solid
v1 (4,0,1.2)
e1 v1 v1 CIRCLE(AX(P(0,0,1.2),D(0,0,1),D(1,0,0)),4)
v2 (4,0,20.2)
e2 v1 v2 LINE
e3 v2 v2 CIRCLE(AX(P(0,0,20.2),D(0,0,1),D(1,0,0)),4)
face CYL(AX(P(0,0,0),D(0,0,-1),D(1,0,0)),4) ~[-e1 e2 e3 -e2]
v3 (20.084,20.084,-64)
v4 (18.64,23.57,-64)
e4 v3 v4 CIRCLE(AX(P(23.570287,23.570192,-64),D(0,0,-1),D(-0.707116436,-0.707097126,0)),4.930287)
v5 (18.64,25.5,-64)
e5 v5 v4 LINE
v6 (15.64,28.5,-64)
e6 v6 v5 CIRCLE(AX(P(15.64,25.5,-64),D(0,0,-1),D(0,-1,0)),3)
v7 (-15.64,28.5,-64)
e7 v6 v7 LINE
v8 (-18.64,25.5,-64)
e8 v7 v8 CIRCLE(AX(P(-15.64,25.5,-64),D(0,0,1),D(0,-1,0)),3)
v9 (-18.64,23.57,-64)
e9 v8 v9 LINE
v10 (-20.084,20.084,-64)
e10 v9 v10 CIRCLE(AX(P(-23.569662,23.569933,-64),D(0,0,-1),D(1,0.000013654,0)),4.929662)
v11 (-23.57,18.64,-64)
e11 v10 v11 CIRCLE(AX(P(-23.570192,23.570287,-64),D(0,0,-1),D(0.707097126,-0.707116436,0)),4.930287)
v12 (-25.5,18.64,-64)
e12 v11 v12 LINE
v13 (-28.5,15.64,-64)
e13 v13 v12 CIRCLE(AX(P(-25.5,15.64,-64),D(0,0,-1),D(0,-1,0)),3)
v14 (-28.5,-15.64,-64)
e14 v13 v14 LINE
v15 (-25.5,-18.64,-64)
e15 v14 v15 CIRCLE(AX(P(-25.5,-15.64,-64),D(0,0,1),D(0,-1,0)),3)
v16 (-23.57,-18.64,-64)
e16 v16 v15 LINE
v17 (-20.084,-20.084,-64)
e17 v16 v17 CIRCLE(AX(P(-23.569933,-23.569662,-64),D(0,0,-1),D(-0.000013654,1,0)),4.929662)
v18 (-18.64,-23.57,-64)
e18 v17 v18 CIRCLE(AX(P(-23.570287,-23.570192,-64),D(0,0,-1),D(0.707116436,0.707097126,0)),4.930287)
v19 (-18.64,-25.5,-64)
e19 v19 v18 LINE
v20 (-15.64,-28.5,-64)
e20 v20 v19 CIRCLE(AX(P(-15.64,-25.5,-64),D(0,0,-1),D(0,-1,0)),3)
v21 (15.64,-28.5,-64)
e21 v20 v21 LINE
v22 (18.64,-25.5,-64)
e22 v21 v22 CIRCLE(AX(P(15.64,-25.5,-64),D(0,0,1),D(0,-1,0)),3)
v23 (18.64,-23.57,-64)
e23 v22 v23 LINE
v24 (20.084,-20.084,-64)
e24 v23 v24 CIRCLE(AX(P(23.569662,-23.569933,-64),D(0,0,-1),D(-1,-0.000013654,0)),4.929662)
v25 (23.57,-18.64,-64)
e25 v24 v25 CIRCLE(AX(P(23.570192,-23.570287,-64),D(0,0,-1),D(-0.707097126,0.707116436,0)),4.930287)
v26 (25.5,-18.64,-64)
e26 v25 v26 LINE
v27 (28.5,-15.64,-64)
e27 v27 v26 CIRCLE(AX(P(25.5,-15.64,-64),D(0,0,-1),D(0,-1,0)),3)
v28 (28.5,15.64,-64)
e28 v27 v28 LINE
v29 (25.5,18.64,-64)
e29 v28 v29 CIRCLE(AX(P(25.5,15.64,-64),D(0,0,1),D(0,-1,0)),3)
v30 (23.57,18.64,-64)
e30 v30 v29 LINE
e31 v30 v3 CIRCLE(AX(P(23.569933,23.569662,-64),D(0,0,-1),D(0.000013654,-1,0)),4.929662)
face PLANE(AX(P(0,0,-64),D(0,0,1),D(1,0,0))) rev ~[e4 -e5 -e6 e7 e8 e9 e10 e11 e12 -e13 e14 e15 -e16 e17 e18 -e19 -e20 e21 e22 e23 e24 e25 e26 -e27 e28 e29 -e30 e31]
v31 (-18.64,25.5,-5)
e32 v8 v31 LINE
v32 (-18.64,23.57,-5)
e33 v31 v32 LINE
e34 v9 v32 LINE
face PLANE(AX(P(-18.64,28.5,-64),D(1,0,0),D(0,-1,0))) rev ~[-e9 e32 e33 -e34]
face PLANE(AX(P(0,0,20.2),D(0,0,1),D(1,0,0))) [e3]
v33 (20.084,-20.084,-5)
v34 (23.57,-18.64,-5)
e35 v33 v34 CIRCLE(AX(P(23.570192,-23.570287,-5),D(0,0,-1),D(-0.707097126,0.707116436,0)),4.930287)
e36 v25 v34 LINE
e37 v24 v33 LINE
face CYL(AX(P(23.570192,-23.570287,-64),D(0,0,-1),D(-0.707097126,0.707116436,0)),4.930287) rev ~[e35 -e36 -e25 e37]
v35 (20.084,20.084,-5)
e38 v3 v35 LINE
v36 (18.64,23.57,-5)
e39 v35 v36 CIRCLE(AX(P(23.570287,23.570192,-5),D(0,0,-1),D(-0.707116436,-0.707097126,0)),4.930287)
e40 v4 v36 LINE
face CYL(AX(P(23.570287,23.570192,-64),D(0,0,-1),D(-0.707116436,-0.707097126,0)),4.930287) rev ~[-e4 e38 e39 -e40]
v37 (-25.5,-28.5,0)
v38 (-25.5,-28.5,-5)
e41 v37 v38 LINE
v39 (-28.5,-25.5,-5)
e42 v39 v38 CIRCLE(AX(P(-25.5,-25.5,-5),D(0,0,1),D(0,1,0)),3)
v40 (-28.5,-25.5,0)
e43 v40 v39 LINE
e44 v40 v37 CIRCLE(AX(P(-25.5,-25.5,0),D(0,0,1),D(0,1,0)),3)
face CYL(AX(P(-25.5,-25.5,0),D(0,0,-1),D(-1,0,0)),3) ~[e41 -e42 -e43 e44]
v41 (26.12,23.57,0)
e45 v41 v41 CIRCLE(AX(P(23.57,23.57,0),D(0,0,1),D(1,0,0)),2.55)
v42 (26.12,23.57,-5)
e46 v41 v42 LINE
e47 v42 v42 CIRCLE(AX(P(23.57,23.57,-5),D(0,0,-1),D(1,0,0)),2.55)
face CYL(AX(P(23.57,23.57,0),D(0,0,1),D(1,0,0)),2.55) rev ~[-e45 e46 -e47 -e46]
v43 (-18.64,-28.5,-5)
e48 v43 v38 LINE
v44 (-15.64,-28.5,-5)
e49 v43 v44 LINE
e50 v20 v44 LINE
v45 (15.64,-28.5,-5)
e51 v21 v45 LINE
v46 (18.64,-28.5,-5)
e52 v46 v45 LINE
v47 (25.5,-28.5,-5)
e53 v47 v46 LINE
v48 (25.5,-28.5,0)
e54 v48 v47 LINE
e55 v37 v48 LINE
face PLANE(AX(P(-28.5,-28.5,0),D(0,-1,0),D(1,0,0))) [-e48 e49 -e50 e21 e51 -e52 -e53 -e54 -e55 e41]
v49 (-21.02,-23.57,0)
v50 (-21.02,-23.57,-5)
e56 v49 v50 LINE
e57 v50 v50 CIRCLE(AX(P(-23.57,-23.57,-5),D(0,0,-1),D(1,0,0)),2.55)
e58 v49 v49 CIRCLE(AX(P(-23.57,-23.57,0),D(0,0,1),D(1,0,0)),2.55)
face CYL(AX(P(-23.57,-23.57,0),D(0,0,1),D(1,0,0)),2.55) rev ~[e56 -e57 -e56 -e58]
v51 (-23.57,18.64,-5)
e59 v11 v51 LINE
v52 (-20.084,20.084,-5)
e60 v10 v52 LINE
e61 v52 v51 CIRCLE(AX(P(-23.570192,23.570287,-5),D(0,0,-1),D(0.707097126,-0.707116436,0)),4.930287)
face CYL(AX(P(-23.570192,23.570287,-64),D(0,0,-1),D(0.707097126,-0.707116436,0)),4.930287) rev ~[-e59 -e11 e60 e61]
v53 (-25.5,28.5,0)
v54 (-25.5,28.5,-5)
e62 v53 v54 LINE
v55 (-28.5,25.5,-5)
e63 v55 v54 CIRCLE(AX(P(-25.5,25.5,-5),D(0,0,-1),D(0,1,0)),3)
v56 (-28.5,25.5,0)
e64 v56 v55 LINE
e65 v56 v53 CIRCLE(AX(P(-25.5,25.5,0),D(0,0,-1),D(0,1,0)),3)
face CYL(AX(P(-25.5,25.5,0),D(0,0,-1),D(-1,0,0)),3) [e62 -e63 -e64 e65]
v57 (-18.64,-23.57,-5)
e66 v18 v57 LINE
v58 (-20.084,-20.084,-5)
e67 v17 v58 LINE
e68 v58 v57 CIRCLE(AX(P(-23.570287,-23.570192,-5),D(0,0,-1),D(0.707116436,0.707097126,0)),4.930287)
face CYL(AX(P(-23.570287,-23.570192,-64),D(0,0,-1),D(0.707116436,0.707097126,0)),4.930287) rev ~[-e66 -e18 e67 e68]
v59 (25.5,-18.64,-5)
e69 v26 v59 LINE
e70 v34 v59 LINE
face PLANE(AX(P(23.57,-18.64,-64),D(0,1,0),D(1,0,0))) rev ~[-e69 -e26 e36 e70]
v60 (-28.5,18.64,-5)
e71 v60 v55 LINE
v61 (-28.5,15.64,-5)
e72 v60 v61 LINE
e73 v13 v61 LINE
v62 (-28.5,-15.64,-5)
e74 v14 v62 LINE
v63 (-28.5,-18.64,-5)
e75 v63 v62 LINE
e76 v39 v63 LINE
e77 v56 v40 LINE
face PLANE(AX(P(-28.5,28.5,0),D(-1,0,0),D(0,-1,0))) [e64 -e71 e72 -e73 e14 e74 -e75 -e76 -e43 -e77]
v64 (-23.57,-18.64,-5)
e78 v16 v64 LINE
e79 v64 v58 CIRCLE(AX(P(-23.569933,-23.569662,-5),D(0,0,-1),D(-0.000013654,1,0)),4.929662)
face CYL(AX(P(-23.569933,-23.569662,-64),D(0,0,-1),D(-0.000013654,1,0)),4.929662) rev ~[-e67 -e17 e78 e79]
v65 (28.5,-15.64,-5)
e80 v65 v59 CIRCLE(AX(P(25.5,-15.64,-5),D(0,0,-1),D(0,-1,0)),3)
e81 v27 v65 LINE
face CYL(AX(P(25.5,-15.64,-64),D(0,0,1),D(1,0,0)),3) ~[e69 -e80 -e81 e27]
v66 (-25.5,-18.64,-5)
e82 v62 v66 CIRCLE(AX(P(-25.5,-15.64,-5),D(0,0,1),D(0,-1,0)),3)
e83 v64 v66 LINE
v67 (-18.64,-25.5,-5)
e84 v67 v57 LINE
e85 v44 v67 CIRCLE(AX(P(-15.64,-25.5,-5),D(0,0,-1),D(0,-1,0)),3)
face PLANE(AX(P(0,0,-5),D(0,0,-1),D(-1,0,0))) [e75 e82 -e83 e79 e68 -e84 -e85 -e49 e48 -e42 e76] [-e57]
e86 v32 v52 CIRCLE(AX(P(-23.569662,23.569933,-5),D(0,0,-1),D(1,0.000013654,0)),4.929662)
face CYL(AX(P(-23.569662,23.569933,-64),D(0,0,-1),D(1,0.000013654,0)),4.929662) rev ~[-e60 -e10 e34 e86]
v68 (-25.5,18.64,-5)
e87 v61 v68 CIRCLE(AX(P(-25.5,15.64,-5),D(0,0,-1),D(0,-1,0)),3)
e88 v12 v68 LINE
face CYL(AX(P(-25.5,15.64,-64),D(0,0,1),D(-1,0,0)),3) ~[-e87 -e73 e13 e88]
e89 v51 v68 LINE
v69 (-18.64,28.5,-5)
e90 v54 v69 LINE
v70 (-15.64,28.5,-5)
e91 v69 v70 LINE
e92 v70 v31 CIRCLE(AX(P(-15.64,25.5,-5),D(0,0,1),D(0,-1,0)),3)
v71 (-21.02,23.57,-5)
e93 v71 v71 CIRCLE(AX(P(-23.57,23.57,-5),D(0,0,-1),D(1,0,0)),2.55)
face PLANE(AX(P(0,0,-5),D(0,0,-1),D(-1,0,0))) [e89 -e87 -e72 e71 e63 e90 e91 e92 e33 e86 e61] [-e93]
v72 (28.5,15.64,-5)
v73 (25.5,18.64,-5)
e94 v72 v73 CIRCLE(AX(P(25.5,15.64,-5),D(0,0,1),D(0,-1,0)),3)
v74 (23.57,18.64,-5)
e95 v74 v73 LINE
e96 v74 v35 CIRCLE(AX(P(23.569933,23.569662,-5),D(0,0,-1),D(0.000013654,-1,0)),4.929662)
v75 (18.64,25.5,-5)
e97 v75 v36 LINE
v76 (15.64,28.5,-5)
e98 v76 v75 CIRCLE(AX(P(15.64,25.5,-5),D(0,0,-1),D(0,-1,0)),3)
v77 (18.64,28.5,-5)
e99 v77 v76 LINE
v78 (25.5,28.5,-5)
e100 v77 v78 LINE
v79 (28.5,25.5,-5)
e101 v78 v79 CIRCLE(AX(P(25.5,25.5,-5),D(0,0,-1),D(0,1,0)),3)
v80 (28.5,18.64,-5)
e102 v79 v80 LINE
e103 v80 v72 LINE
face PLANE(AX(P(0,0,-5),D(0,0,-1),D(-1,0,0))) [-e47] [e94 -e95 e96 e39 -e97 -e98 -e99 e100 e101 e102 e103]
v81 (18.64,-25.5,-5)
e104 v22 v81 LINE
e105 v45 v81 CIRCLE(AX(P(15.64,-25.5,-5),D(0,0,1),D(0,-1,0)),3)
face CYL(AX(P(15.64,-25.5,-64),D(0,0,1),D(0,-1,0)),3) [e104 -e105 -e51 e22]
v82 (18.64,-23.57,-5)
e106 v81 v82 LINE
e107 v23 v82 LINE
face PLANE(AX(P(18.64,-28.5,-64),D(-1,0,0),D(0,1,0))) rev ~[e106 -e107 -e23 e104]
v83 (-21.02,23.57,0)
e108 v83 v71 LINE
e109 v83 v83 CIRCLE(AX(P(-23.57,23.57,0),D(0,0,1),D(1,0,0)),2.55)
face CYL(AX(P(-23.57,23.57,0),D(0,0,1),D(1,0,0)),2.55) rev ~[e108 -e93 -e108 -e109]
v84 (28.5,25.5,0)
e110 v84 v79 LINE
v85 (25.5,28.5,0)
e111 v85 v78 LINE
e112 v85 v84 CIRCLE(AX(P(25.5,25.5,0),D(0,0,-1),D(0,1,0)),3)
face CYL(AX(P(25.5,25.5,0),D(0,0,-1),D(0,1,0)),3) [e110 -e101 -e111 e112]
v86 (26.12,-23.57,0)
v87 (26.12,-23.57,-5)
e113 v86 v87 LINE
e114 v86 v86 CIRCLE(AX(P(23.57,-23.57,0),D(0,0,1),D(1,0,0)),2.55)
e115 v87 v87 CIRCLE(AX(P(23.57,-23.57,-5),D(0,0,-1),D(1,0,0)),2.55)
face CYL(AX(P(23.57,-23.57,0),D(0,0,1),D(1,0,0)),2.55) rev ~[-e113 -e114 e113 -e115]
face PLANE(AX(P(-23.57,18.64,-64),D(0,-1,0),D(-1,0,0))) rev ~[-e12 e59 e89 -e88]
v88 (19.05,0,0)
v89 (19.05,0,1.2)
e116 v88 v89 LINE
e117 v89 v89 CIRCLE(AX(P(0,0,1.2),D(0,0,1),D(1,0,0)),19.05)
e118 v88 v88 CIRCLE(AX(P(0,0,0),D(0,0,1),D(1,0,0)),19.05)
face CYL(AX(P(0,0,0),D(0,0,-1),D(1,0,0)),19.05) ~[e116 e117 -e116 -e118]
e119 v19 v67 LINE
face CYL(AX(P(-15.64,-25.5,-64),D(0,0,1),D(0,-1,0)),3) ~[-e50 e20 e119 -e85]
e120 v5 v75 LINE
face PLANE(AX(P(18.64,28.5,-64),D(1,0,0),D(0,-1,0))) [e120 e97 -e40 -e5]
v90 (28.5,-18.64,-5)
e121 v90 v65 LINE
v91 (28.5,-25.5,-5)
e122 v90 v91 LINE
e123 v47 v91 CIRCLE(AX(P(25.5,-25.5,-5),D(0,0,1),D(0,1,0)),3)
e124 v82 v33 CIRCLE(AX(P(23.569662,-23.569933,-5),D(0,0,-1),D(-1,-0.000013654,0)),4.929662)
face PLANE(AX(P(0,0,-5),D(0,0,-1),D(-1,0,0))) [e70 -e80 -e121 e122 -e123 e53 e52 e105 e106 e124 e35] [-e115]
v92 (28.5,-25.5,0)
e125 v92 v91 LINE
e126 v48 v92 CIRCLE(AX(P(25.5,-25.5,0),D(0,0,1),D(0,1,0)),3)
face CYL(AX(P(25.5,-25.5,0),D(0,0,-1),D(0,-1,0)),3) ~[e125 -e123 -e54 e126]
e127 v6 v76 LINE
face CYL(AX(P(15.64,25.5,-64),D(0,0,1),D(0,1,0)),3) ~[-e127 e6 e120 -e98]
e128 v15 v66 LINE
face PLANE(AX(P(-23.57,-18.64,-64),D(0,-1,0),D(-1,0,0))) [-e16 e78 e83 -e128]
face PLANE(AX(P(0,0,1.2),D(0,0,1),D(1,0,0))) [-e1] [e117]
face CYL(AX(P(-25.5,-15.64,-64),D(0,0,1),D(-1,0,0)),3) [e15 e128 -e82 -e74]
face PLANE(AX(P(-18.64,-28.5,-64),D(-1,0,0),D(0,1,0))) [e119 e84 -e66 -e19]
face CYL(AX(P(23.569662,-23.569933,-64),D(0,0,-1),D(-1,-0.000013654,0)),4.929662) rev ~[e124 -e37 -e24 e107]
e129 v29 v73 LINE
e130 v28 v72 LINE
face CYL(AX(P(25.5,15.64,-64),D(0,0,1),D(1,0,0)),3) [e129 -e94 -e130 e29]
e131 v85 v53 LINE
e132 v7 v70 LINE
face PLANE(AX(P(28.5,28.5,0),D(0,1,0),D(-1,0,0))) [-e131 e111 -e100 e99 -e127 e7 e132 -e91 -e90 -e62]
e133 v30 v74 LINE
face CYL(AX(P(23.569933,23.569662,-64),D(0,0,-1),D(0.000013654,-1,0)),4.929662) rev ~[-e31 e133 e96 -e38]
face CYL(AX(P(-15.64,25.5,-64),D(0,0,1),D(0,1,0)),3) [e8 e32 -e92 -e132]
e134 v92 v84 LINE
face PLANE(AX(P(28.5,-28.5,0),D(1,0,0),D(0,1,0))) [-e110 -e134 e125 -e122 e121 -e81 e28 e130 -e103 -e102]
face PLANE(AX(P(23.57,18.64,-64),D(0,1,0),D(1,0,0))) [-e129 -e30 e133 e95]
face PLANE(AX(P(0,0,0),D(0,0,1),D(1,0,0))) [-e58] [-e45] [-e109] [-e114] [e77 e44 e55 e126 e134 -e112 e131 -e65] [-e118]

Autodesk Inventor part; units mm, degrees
ref_plane "YZ Plane" through (0, 0, 0) normal (1, 0, 0) x (0, 1, 0)
ref_plane "XZ Plane" through (0, 0, 0) normal (0, 1, 0) x (-1, 0, 0)
ref_plane "XY Plane" through (0, 0, 0) normal (0, 0, 1) x (1, 0, 0)
sketch "Sketch1" plane through (0, 0, 0) normal (0, 0, 1) x (1, 0, 0)
  line L0 (-28.5, -28.5) -> (28.5, -28.5)
  line L1 (28.5, -28.5) -> (28.5, 28.5)
  line L2 (28.5, 28.5) -> (-28.5, 28.5)
  line L3 (-28.5, 28.5) -> (-28.5, -28.5)
  line L4 (-28.5, -28.5) -> (28.5, 28.5) construction
  line L5 (28.5, -28.5) -> (-28.5, 28.5) construction
  circle A0 centre (23.57, 23.57) radius 2.55
  line L6 (0, 28.5) -> (0, -28.5) construction
  line L7 (28.5, 0) -> (-28.5, 0) construction
  circle A1 centre (-23.57, 23.57) radius 2.55
  circle A2 centre (23.57, -23.57) radius 2.55
  circle A3 centre (-23.57, -23.57) radius 2.55
  circle A4 centre (0, 0) radius 19.05
  circle A5 centre (0, 0) radius 4
  dimension "d0" = 57
  dimension "d1" = 57
  dimension "d2" = 5.1
  dimension "d3" = 47.14
  dimension "d4" = 38.1
  dimension "d5" = 8
extrude "Extrusion1" add sketch "Sketch1" against normal blind 64 contours L3 L2 L1 L0 | A4 | A5
extrude "Extrusion2" add sketch "Sketch1" along normal blind 1.2 contours A4
extrude "Extrusion3" add sketch "Sketch1" along normal blind 20.2 contours A5
sketch "Sketch2" plane through (0, 0, -64) normal (0, 0, -1) x (-1, 0, 0)
  circle A0 centre (-23.57, -23.57) radius 2.55 projected
  circle A1 centre (23.57, -23.57) radius 2.55 projected
  circle A2 centre (23.57, 23.57) radius 2.55 projected
  circle A3 centre (-23.57, 23.57) radius 2.55 projected
  line L0 (-28.5, -28.5) -> (28.5, -28.5) projected
  line L1 (28.5, -28.5) -> (28.5, 28.5) projected
  line L2 (28.5, 28.5) -> (-28.5, 28.5) projected
  line L3 (-28.5, 28.5) -> (-28.5, -28.5) projected
  line L4 (-28.5, -28.5) -> (-28.5, 28.5) projected
  line L5 (28.5, 28.5) -> (28.5, -28.5) projected
  line L6 (-18.64, -18.64) -> (-23.57, -18.64) construction
  line L7 (-28.5, -18.64) -> (-28.5, -28.5)
  line L8 (-28.5, -28.5) -> (-18.64, -28.5)
  line L9 (-18.64, -28.5) -> (-18.64, -23.57)
  line L10 (-18.64, -18.64) -> (-28.5, -28.5) construction
  line L11 (-28.5, -18.64) -> (-18.64, -28.5) construction
  line L12 (-28.5, 28.5) -> (28.5, 28.5) projected
  circle A4 centre (-23.57, -23.57) radius 2.55 projected
  arc A5 (-27.056, -20.084) -> (-28.5, -23.57) centre (-23.57, -23.57) ccw construction
  line L13 (-18.64, -23.57) -> (-18.64, -18.64) construction
  line L14 (-23.57, -18.64) -> (-28.5, -18.64)
  arc A6 (-23.57, -18.64) -> (-27.056, -20.084) centre (-23.57, -23.57) ccw construction
  arc A7 (-27.056, -27.056) -> (-20.084, -27.056) centre (-23.57, -23.57) ccw construction
  arc A8 (-20.084, -27.056) -> (-18.64, -23.57) centre (-23.57, -23.57) ccw construction
  arc A9 (-20.084, -20.084) -> (-23.57, -18.64) centre (-23.57, -23.57) ccw
  arc A10 (-18.64, -23.57) -> (-20.084, -20.084) centre (-23.57, -23.57) ccw
  arc A11 (-28.5, -23.57) -> (-27.056, -27.056) centre (-23.57, -23.57) ccw construction
  line L15 (0, 28.5) -> (0, -28.5) construction
  line L16 (-28.5, -28.5) -> (28.5, -28.5) construction
  line L17 (28.5, 0) -> (-28.5, 0) construction
  circle A12 centre (23.57, -23.57) radius 2.55
  line L18 (18.64, -18.64) -> (23.57, -18.64) construction
  line L19 (28.5, -18.64) -> (28.5, -28.5)
  line L20 (28.5, -28.5) -> (18.64, -28.5)
  line L21 (18.64, -28.5) -> (18.64, -23.57)
  line L22 (18.64, -18.64) -> (28.5, -28.5) construction
  line L23 (28.5, -18.64) -> (18.64, -28.5) construction
  circle A13 centre (23.57, -23.57) radius 2.55
  arc A14 (28.5, -23.57) -> (27.056, -20.084) centre (23.57, -23.57) ccw construction
  line L24 (18.64, -23.57) -> (18.64, -18.64) construction
  line L25 (23.57, -18.64) -> (28.5, -18.64)
  arc A15 (27.056, -20.084) -> (23.57, -18.64) centre (23.57, -23.57) ccw construction
  arc A16 (20.084, -27.056) -> (27.056, -27.056) centre (23.57, -23.57) ccw construction
  arc A17 (18.64, -23.57) -> (20.084, -27.056) centre (23.57, -23.57) ccw construction
  arc A18 (23.57, -18.64) -> (20.084, -20.084) centre (23.57, -23.57) ccw
  arc A19 (20.084, -20.084) -> (18.64, -23.57) centre (23.57, -23.57) ccw
  arc A20 (27.056, -27.056) -> (28.5, -23.57) centre (23.57, -23.57) ccw construction
  circle A21 centre (-23.57, 23.57) radius 2.55
  circle A22 centre (23.57, 23.57) radius 2.55
  line L26 (-18.64, 18.64) -> (-23.57, 18.64) construction
  line L27 (-28.5, 18.64) -> (-28.5, 28.5)
  line L28 (-28.5, 28.5) -> (-18.64, 28.5)
  line L29 (-18.64, 28.5) -> (-18.64, 23.57)
  line L30 (-18.64, 18.64) -> (-28.5, 28.5) construction
  line L31 (-28.5, 18.64) -> (-18.64, 28.5) construction
  circle A23 centre (-23.57, 23.57) radius 2.55
  arc A24 (-28.5, 23.57) -> (-27.056, 20.084) centre (-23.57, 23.57) ccw construction
  line L32 (-18.64, 23.57) -> (-18.64, 18.64) construction
  line L33 (-23.57, 18.64) -> (-28.5, 18.64)
  arc A25 (-27.056, 20.084) -> (-23.57, 18.64) centre (-23.57, 23.57) ccw construction
  arc A26 (-20.084, 27.056) -> (-27.056, 27.056) centre (-23.57, 23.57) ccw construction
  arc A27 (-18.64, 23.57) -> (-20.084, 27.056) centre (-23.57, 23.57) ccw construction
  arc A28 (-23.57, 18.64) -> (-20.084, 20.084) centre (-23.57, 23.57) ccw
  arc A29 (-20.084, 20.084) -> (-18.64, 23.57) centre (-23.57, 23.57) ccw
  arc A30 (-27.056, 27.056) -> (-28.5, 23.57) centre (-23.57, 23.57) ccw construction
  line L34 (-28.5, 28.5) -> (28.5, 28.5) construction
  circle A31 centre (23.57, 23.57) radius 2.55
  line L35 (18.64, 23.57) -> (18.64, 18.64) construction
  arc A32 (18.64, 23.57) -> (20.084, 20.084) centre (23.57, 23.57) ccw
  line L36 (18.64, 28.5) -> (18.64, 23.57)
  line L37 (18.64, 18.64) -> (23.57, 18.64) construction
  arc A33 (20.084, 27.056) -> (18.64, 23.57) centre (23.57, 23.57) ccw construction
  arc A34 (20.084, 20.084) -> (23.57, 18.64) centre (23.57, 23.57) ccw
  arc A35 (23.57, 18.64) -> (27.056, 20.084) centre (23.57, 23.57) ccw construction
  line L38 (23.57, 18.64) -> (28.5, 18.64)
  arc A36 (27.056, 20.084) -> (28.5, 23.57) centre (23.57, 23.57) ccw construction
  arc A37 (27.056, 27.056) -> (20.084, 27.056) centre (23.57, 23.57) ccw construction
  arc A38 (28.5, 23.57) -> (27.056, 27.056) centre (23.57, 23.57) ccw construction
  line L39 (28.5, 18.64) -> (28.5, 28.5)
  line L40 (18.64, 18.64) -> (28.5, 28.5) construction
  line L41 (28.5, 18.64) -> (18.64, 28.5) construction
  line L42 (28.5, 28.5) -> (18.64, 28.5)
  circle A39 centre (23.57, 23.57) radius 2.55
  point P0 (0, 0)
extrude "Extrusion4" cut sketch "Sketch2" against normal blind 59 contours L3 L14 A9 A10 L9 L0 | L21 A19 A18 L25 L1 L0 | L3 L2 L29 A29 A28 L33 | L38 A34 A32 L36 L2 L1
fillet "Fillet1" radius 3 12 edges at (28.5, 28.5, -2.5) (-28.5, 28.5, -2.5) (-28.5, -28.5, -2.5) (28.5, -28.5, -2.5) (-18.64, -28.5, -34.5) (-28.5, -18.64, -34.5) (18.64, -28.5, -34.5) (28.5, -18.64, -34.5) (28.5, 18.64, -34.5) (18.64, 28.5, -34.5) (-18.64, 28.5, -34.5) (-28.5, 18.64, -34.5)
properties part number "nema23-wotiom"
